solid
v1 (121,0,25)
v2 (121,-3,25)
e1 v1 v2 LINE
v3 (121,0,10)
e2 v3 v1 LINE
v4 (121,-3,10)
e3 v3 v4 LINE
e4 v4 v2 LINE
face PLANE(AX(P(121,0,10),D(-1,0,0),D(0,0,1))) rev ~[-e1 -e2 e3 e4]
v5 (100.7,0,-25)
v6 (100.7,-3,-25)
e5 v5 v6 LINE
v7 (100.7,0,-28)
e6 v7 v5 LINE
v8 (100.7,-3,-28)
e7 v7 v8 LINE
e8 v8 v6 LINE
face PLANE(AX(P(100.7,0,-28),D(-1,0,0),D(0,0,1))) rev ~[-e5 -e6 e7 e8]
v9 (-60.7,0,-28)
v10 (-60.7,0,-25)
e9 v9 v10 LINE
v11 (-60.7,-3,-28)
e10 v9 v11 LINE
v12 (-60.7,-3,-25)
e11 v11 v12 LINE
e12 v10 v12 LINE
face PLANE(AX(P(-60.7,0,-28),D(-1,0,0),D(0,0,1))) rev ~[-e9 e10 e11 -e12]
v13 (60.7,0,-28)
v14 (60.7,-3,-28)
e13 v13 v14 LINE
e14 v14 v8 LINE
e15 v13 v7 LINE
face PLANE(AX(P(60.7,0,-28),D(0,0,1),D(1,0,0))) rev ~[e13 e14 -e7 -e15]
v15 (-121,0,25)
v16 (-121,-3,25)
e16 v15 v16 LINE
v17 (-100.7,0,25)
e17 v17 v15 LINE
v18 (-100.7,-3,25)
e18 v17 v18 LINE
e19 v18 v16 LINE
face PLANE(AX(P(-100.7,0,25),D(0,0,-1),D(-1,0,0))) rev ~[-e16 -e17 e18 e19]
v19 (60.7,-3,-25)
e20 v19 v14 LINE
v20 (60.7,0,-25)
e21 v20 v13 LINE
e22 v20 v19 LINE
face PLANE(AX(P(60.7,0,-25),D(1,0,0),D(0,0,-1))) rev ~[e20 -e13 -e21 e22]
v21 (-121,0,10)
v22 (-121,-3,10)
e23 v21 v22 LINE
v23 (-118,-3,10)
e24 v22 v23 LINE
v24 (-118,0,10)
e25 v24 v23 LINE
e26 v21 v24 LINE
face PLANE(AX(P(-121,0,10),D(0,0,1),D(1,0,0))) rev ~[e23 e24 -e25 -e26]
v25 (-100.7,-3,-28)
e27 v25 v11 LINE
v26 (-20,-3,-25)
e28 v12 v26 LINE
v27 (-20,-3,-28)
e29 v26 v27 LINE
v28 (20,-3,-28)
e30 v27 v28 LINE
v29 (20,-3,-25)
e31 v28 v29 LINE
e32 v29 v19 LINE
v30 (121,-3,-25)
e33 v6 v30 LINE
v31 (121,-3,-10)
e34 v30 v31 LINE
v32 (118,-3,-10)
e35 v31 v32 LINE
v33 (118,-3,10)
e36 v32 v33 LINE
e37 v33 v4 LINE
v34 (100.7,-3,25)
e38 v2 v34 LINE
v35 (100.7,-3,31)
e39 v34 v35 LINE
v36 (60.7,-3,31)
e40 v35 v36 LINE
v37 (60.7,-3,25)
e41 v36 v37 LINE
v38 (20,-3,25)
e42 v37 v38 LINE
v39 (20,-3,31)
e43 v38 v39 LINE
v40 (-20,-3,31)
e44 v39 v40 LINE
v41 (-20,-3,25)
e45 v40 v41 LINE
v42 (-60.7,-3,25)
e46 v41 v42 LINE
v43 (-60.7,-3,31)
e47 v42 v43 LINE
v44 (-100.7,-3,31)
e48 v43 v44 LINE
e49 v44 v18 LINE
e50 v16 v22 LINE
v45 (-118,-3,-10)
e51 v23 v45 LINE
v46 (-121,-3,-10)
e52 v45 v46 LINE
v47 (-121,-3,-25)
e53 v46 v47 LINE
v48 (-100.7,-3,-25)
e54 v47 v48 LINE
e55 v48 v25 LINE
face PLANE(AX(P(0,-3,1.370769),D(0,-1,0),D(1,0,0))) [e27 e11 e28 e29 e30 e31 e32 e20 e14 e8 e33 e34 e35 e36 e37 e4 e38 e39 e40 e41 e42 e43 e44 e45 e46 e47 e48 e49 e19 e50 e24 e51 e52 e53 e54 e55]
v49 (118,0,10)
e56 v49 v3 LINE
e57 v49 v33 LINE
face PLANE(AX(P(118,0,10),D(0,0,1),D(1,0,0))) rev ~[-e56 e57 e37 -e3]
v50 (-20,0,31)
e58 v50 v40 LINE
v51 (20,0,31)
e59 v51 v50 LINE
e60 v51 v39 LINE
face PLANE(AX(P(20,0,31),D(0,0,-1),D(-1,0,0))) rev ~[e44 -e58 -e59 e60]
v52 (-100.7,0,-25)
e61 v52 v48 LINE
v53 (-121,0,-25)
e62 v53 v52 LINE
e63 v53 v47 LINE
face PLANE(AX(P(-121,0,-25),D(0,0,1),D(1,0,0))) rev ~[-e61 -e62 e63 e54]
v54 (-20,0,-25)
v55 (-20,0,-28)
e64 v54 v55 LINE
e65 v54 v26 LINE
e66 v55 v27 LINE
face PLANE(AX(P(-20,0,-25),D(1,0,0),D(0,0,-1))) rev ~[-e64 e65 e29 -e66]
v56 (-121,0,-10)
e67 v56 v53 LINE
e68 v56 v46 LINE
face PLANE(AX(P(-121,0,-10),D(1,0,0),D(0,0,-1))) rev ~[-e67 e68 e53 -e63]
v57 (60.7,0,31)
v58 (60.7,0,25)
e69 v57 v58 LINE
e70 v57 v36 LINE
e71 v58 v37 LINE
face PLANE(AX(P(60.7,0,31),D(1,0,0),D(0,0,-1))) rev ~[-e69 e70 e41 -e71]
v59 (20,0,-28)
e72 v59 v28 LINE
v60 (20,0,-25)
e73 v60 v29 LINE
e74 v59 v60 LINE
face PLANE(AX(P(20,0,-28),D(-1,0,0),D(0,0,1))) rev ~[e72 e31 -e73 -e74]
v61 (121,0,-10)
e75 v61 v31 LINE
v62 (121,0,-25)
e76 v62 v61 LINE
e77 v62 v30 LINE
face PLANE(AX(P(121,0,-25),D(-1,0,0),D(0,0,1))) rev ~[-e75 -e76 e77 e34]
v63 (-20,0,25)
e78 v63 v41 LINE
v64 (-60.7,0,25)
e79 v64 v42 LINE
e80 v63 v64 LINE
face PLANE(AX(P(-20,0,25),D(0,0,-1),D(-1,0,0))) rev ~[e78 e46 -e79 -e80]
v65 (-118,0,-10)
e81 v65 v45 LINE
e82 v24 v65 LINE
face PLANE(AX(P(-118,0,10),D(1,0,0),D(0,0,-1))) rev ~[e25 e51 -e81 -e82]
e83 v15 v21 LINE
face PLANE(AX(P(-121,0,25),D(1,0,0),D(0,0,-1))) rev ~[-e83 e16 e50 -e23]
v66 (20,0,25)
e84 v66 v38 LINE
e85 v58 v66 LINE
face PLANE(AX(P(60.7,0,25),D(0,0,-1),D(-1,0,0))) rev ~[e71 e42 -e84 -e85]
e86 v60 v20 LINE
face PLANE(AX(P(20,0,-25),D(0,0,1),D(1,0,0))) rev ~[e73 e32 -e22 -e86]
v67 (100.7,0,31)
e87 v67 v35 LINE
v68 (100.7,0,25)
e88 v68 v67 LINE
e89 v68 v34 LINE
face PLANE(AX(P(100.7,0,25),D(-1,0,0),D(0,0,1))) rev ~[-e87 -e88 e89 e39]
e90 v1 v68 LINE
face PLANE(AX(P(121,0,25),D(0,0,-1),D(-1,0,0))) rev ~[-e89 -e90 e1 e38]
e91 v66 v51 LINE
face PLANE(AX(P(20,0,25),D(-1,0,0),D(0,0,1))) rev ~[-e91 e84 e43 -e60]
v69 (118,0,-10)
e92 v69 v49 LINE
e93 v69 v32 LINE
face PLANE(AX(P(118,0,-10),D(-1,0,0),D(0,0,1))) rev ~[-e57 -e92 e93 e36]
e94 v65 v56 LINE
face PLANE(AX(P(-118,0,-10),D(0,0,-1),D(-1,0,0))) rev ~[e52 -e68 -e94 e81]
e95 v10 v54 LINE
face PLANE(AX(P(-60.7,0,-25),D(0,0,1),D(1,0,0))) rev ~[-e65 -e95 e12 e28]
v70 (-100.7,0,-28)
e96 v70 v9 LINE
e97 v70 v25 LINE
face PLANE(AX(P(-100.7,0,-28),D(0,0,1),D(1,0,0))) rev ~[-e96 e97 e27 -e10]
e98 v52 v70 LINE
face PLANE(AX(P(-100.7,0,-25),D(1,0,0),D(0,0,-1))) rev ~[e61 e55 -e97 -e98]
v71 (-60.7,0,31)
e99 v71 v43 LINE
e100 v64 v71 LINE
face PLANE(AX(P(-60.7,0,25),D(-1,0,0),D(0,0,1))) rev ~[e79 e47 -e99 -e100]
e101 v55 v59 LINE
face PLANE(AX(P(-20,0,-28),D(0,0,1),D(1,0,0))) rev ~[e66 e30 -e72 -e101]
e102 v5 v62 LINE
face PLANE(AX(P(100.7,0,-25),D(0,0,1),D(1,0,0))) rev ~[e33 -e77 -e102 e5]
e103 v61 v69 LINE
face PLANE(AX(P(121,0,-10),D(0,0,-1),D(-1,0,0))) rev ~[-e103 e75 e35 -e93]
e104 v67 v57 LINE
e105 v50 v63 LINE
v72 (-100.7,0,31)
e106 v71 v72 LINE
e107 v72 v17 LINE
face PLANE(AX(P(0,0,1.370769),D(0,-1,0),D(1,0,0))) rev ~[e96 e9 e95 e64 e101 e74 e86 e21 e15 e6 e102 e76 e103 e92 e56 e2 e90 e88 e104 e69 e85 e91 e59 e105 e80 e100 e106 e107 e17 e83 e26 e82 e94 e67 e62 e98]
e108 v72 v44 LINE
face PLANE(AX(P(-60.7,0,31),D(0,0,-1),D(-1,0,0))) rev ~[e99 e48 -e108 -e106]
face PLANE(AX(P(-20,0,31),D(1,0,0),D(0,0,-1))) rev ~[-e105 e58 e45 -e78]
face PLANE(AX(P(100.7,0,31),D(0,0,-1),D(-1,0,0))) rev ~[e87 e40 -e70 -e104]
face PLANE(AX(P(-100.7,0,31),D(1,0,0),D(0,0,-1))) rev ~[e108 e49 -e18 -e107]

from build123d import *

# Parameters (mm, degrees)
F1_DEPTH = 3


with BuildPart() as f1:
    # F0 (on Front) → F1 (new body)
    with BuildSketch(Plane.XZ):
        Polygon((100.7, -25), (121, -25), (121, -10), (118, -10), (118, 10), (121, 10), (121, 25), (100.7, 25), (100.7, 28), (100.7, 31), (60.7, 31), (60.7, 28), (60.7, 25), (20, 25), (20, 28), (20, 31), (-20, 31), (-20, 28), (-20, 25), (-60.7, 25), (-60.7, 28), (-60.7, 31), (-100.7, 31), (-100.7, 28), (-100.7, 25), (-121, 25), (-121, 10), (-118, 10), (-118, -10), (-121, -10), (-121, -25), (-100.7, -25), (-100.7, -28), (-60.7, -28), (-60.7, -25), (-20, -25), (-20, -28), (20, -28), (20, -25), (60.7, -25), (60.7, -28), (100.7, -28), align=None)
    extrude(amount=F1_DEPTH)


solid = f1.part
